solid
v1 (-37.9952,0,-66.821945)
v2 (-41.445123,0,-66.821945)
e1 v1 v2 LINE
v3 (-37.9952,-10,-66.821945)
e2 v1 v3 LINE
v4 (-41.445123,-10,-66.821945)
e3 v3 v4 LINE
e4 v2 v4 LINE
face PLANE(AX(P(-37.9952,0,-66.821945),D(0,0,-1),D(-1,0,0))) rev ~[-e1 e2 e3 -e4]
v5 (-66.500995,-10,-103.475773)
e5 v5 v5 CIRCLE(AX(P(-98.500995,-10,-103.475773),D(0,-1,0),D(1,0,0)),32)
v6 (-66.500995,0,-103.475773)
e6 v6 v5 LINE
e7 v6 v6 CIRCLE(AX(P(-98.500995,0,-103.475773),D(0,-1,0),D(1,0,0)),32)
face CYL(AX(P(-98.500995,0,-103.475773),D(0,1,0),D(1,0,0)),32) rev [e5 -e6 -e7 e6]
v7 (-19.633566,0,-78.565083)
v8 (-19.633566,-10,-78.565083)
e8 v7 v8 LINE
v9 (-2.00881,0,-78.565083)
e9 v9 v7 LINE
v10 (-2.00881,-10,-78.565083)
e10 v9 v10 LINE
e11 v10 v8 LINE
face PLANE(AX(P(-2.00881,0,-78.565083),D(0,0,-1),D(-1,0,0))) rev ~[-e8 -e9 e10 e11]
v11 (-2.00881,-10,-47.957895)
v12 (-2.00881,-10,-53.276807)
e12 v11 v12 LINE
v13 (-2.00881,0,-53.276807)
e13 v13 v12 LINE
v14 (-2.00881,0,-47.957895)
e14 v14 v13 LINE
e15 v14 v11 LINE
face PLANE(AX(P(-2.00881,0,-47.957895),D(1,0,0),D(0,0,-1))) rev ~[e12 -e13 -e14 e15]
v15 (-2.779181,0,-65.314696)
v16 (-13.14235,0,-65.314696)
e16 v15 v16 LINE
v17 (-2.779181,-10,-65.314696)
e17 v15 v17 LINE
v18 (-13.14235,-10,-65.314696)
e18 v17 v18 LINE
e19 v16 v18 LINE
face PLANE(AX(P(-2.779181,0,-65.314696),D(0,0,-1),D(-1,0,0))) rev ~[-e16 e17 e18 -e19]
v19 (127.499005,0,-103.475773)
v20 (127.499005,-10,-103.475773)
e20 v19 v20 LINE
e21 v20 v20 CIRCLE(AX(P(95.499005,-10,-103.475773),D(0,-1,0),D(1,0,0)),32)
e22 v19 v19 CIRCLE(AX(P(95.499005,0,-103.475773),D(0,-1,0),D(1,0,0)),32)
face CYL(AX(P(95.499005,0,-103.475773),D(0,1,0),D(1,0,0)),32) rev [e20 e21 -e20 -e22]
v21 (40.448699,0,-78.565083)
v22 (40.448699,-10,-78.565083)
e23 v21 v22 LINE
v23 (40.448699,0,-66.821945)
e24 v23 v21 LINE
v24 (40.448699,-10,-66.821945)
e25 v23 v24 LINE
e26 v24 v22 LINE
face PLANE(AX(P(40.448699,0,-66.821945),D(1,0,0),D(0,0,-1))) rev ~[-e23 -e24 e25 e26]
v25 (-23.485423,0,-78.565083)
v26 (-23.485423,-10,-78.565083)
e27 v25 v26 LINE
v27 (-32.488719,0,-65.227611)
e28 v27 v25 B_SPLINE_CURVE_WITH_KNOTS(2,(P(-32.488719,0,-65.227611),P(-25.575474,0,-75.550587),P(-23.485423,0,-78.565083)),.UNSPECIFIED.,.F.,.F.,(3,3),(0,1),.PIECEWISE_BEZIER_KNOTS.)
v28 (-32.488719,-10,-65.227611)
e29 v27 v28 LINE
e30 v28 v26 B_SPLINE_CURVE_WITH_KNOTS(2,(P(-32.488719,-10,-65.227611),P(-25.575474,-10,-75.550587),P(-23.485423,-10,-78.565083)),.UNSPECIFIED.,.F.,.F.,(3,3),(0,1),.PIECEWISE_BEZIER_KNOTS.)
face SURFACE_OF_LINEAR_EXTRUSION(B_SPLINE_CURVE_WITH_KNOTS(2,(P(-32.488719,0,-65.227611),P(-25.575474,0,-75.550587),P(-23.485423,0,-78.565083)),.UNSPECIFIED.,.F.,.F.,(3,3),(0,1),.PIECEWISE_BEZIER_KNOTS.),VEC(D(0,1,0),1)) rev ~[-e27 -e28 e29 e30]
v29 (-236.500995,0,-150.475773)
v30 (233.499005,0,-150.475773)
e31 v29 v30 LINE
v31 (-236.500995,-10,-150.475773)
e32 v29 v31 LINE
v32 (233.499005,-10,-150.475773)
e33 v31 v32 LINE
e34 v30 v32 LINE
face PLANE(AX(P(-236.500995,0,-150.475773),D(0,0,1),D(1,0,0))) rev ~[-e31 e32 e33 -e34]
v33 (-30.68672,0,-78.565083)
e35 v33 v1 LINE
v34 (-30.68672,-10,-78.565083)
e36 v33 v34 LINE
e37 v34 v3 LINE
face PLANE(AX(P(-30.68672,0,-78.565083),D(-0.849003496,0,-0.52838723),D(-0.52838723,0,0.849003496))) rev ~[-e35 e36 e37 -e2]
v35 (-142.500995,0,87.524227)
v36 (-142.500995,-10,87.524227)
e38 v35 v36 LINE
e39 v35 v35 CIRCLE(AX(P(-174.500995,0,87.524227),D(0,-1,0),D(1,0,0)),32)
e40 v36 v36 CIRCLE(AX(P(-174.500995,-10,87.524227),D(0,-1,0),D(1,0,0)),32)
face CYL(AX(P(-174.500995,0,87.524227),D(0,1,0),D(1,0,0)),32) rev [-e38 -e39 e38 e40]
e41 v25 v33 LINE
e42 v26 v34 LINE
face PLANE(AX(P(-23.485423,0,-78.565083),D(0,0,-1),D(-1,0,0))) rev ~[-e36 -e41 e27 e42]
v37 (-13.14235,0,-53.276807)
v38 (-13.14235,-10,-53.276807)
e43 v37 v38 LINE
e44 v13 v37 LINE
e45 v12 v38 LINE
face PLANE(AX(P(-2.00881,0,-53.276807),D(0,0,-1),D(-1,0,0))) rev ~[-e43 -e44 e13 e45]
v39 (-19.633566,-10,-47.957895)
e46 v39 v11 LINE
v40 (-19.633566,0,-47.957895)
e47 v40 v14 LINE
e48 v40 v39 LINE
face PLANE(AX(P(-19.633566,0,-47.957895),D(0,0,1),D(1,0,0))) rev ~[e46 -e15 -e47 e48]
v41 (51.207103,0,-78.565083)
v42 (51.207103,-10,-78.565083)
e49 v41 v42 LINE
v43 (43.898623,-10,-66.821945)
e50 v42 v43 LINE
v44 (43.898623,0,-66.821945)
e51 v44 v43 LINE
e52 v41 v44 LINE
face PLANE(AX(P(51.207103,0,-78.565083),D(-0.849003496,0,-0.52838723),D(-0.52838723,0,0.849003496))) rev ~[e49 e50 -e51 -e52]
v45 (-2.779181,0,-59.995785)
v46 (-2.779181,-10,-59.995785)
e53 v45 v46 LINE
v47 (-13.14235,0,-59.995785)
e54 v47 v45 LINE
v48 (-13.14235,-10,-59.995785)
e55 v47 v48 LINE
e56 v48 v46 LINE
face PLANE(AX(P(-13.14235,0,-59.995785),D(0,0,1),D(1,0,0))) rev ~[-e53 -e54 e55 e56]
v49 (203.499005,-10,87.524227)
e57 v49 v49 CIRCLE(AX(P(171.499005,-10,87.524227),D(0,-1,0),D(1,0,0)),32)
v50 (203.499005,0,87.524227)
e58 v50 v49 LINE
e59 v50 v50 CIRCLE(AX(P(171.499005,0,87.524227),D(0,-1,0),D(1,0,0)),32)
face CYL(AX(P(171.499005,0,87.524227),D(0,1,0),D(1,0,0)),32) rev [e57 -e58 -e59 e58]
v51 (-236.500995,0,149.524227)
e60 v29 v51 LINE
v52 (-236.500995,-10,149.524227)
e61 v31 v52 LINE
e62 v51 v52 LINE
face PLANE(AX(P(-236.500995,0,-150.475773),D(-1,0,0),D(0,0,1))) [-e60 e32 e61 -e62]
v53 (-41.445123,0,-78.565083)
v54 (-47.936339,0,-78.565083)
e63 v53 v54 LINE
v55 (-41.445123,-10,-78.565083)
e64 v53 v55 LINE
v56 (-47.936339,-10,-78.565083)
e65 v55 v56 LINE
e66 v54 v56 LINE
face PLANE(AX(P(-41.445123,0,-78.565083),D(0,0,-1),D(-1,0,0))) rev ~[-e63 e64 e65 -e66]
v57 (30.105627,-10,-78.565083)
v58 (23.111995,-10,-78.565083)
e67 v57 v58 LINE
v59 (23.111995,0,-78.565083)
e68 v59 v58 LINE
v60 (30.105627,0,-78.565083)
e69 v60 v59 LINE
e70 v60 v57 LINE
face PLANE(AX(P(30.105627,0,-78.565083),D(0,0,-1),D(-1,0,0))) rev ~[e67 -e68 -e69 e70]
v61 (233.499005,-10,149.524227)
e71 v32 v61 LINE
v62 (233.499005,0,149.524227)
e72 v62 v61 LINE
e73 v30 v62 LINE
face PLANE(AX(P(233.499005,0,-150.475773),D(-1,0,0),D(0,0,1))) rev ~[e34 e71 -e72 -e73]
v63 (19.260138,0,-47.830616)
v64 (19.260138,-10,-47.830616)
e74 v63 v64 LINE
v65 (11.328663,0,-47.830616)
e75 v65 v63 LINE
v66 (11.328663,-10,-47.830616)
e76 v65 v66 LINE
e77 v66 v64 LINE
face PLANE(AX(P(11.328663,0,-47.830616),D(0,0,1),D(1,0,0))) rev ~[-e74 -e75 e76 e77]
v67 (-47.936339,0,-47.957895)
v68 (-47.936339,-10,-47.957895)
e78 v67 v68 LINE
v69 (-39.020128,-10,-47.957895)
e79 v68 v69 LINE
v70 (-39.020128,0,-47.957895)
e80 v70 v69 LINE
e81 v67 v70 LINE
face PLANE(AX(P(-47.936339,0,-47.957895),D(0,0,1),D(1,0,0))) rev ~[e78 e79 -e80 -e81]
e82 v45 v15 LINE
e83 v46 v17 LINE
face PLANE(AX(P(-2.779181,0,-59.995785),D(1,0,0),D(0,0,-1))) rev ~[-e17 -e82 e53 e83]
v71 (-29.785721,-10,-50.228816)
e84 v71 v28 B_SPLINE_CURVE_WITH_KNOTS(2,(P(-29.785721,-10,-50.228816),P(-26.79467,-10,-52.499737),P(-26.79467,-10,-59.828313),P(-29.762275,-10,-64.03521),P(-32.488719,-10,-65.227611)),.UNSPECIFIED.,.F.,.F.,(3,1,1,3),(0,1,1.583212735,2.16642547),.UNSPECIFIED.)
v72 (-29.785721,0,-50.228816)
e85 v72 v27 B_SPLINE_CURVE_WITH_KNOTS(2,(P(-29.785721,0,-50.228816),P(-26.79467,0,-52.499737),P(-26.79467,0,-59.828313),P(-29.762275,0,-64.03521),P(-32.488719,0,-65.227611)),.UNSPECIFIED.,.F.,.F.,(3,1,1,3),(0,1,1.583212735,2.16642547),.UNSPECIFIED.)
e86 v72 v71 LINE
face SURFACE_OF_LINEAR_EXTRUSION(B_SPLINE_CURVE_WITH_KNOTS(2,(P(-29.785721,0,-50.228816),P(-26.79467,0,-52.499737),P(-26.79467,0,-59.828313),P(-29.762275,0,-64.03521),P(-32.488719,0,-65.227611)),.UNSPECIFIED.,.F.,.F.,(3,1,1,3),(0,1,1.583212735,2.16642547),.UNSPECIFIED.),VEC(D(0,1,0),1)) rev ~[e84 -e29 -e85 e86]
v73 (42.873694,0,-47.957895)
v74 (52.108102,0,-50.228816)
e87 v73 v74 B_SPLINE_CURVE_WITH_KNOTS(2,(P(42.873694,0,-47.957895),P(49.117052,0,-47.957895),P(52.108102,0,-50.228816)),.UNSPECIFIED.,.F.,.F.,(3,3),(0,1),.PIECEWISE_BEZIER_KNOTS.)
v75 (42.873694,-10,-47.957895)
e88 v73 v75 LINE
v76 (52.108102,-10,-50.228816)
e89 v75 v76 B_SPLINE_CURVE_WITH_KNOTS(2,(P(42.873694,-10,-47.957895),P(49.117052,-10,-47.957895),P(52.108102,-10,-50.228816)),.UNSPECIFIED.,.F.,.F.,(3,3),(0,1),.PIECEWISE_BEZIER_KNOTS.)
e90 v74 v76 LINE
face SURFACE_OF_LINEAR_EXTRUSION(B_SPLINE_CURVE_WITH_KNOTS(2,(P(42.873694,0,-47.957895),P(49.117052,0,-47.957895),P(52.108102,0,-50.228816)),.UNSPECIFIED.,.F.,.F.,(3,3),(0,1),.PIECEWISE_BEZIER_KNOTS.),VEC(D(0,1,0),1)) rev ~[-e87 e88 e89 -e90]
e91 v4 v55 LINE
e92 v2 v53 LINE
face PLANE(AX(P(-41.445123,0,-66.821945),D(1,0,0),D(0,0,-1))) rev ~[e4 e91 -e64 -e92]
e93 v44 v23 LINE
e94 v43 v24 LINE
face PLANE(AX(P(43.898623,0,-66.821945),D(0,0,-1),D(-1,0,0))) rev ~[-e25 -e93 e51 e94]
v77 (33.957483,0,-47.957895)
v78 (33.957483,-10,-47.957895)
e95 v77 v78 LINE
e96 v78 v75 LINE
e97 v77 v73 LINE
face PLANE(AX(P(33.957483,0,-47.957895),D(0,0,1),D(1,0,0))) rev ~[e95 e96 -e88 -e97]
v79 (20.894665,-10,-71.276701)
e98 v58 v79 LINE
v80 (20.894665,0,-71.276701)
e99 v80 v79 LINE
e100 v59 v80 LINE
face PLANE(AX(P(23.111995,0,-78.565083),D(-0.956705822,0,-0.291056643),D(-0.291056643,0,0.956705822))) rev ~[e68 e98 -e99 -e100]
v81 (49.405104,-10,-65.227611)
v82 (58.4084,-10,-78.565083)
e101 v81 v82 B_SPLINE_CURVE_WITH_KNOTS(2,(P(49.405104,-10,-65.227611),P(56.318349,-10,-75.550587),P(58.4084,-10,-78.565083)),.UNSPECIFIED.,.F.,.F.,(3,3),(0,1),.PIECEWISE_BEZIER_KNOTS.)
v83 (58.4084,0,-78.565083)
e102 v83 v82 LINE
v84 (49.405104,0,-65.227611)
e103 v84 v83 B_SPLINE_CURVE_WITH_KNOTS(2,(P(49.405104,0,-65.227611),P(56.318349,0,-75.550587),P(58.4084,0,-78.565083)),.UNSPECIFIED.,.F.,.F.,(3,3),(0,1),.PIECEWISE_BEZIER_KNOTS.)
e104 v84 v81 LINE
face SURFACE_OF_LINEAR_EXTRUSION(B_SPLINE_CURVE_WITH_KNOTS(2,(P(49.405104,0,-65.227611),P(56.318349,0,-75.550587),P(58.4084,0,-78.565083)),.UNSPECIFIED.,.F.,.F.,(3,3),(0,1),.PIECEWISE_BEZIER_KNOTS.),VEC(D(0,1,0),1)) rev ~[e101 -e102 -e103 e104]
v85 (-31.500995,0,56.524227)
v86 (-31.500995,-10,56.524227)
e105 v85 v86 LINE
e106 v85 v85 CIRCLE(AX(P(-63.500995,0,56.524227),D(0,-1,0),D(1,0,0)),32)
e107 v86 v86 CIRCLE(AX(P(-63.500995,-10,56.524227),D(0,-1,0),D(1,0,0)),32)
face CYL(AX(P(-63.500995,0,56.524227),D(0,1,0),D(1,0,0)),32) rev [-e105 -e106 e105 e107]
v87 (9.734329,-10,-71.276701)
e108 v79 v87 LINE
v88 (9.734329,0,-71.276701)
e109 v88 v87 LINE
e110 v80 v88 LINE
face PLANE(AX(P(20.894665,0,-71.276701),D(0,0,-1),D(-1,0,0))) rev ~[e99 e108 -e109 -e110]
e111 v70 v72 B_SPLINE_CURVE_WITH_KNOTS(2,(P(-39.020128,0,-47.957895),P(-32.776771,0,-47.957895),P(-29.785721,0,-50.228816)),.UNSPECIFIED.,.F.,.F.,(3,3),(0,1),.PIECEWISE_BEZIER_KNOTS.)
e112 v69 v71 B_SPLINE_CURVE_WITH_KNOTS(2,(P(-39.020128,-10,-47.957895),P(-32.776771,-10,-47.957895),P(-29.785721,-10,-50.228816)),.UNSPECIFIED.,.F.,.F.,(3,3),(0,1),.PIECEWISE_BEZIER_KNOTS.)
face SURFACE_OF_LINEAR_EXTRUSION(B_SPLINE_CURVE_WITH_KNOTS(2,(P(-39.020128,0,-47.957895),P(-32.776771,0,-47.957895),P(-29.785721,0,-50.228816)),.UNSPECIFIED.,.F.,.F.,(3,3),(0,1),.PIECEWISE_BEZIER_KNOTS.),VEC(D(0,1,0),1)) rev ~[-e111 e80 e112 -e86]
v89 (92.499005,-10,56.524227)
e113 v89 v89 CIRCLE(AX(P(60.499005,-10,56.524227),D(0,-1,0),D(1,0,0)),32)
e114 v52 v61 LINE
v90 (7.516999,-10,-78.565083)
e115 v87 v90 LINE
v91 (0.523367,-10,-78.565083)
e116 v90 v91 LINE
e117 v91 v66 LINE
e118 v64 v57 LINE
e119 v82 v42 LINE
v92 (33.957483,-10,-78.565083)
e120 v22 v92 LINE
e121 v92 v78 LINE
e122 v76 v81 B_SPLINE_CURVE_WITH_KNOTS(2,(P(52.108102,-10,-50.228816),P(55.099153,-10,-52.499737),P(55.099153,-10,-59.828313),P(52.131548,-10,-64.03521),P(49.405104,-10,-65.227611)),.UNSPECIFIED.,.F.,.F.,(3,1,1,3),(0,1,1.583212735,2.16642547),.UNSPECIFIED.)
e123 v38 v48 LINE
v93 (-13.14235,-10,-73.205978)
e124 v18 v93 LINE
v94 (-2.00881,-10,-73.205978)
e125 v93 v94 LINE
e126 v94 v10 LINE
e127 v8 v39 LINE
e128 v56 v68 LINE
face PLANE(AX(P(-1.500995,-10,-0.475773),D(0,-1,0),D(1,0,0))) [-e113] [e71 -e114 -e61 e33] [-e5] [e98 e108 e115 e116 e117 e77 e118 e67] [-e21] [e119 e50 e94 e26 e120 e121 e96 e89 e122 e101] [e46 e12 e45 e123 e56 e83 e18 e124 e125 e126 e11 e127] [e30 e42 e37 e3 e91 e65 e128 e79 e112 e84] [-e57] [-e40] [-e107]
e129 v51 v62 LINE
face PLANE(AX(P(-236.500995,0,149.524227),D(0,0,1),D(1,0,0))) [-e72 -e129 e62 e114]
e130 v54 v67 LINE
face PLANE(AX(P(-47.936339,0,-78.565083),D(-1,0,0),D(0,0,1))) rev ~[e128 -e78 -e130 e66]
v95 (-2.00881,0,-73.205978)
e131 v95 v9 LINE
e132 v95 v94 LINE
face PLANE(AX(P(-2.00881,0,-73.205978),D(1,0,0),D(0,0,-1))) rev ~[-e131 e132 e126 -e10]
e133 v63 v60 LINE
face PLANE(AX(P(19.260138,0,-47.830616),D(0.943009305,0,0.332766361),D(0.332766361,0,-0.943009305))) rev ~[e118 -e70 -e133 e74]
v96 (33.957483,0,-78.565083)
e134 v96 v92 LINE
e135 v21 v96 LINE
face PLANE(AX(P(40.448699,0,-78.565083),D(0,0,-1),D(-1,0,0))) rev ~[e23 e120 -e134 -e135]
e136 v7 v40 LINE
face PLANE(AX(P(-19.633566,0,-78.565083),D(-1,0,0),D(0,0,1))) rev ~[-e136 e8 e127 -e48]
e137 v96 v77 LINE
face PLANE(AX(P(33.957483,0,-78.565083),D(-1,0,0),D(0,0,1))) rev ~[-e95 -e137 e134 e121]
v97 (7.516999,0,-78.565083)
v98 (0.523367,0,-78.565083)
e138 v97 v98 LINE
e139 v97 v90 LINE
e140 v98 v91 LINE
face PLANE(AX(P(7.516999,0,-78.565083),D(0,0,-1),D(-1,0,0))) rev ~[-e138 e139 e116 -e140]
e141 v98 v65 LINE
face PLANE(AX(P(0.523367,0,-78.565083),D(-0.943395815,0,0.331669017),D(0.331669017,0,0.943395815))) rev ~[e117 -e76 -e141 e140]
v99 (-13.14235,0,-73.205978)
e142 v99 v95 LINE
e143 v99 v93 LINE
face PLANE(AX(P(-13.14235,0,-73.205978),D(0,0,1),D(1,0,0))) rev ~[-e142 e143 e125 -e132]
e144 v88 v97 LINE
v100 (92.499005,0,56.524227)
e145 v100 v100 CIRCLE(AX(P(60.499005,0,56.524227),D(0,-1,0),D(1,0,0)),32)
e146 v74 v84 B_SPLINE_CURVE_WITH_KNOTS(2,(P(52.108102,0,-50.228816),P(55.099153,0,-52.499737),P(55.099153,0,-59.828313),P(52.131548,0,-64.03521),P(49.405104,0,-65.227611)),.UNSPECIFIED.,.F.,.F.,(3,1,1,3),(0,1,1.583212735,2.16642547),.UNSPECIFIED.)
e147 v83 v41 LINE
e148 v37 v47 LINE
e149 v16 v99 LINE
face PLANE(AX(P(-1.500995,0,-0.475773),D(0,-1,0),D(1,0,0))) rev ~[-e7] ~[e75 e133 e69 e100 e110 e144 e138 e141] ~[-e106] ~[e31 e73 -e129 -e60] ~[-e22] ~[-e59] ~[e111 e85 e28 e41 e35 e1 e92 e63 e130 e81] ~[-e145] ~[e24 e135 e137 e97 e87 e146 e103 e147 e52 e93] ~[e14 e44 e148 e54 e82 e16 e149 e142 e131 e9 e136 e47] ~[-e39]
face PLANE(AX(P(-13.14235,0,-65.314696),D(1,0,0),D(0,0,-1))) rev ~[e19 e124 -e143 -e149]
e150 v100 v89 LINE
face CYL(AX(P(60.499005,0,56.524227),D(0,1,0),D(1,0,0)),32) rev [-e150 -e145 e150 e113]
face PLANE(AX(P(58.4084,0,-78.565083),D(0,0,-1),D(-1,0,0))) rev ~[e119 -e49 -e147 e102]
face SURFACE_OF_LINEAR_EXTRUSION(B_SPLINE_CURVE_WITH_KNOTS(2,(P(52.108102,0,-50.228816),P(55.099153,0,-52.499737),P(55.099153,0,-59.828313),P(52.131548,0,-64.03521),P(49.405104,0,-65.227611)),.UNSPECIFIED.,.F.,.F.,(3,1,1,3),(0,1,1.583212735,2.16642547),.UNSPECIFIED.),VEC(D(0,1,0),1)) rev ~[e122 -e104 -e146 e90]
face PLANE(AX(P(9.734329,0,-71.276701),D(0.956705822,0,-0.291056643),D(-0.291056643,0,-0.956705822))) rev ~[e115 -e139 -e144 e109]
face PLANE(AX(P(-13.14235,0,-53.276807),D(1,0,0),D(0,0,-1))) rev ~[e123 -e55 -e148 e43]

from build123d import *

# Parameters (mm, degrees)
F0_W     = 470
F0_H     = 300
F0_R     = 32
F1_DEPTH = 10


with BuildPart() as f1:
    # F0 (on Front) → F1 (new body)
    with BuildSketch(Plane.XZ):
        with Locations((-1.5009945631, -0.4757732153)):
            Rectangle(F0_W, F0_H)
        with Locations((-98.5009945631, -103.4757732153)):
            Circle(F0_R, mode=Mode.SUBTRACT)
        with BuildLine():
            Line((-37.995199567, -66.8219446921), (-41.4451233874, -66.8219446921))
            Line((-41.4451233874, -66.8219446921), (-41.4451233874, -78.5650834441))
            Line((-41.4451233874, -78.5650834441), (-47.9363392749, -78.5650834441))
            Line((-47.9363392749, -78.5650834441), (-47.9363392749, -47.9578952193))
            Line((-47.9363392749, -47.9578952193), (-39.0201283913, -47.9578952193))
            add(Edge.make_bspline(
                [(-39.0201283913, -47.9578952193), (-32.7767711084, -47.9578952193), (-29.7857206505, -50.2288159478)],
                knots=[0, 0, 0, 1, 1, 1], degree=2))
            add(Edge.make_bspline(
                [(-29.7857206505, -50.2288159478), (-26.7946701925, -52.4997366762), (-26.7946701925, -57.1286635887)],
                knots=[0, 0, 0, 1, 1, 1], degree=2))
            add(Edge.make_bspline(
                [(-26.7946701925, -57.1286635887), (-26.7946701925, -59.8283127143), (-28.2784723794, -61.9317614126)],
                knots=[0, 0, 0, 1, 1, 1], degree=2))
            add(Edge.make_bspline(
                [(-28.2784723794, -61.9317614126), (-29.7622745663, -64.0352101109), (-32.4887192166, -65.2276109653)],
                knots=[0, 0, 0, 1, 1, 1], degree=2))
            add(Edge.make_bspline(
                [(-32.4887192166, -65.2276109653), (-25.5754738133, -75.550586902), (-23.4854228774, -78.5650834441)],
                knots=[0, 0, 0, 1, 1, 1], degree=2))
            Line((-23.4854228774, -78.5650834441), (-30.6867201725, -78.5650834441))
            Line((-30.6867201725, -78.5650834441), (-37.995199567, -66.8219446921))
        make_face(mode=Mode.SUBTRACT)
        Polygon((-2.0088097347, -73.2059784803), (-2.0088097347, -78.5650834441), (-19.6335661846, -78.5650834441), (-19.6335661846, -47.9578952193), (-2.0088097347, -47.9578952193), (-2.0088097347, -53.276806896), (-13.1423502971, -53.276806896), (-13.1423502971, -59.9957847444), (-2.7791810733, -59.9957847444), (-2.7791810733, -65.314696421), (-13.1423502971, -65.314696421), (-13.1423502971, -73.2059784803), align=None, mode=Mode.SUBTRACT)
        with Locations((95.4990054369, -103.4757732153)):
            Circle(F0_R, mode=Mode.SUBTRACT)
        Polygon((30.1056267611, -78.5650834441), (23.1119947833, -78.5650834441), (20.8946651045, -71.2767006933), (9.7343290173, -71.2767006933), (7.5169993385, -78.5650834441), (0.5233673607, -78.5650834441), (11.328662744, -47.8306164765), (19.2601380905, -47.8306164765), align=None, mode=Mode.SUBTRACT)
        with BuildLine():
            Line((43.8986231618, -66.8219446921), (40.4486993413, -66.8219446921))
            Line((40.4486993413, -66.8219446921), (40.4486993413, -78.5650834441))
            Line((40.4486993413, -78.5650834441), (33.9574834539, -78.5650834441))
            Line((33.9574834539, -78.5650834441), (33.9574834539, -47.9578952193))
            Line((33.9574834539, -47.9578952193), (42.8736943375, -47.9578952193))
            add(Edge.make_bspline(
                [(42.8736943375, -47.9578952193), (49.1170516204, -47.9578952193), (52.1081020783, -50.2288159478)],
                knots=[0, 0, 0, 1, 1, 1], degree=2))
            add(Edge.make_bspline(
                [(52.1081020783, -50.2288159478), (55.0991525363, -52.4997366762), (55.0991525363, -57.1286635887)],
                knots=[0, 0, 0, 1, 1, 1], degree=2))
            add(Edge.make_bspline(
                [(55.0991525363, -57.1286635887), (55.0991525363, -59.8283127143), (53.6153503494, -61.9317614126)],
                knots=[0, 0, 0, 1, 1, 1], degree=2))
            add(Edge.make_bspline(
                [(53.6153503494, -61.9317614126), (52.1315481625, -64.0352101109), (49.4051035122, -65.2276109653)],
                knots=[0, 0, 0, 1, 1, 1], degree=2))
            add(Edge.make_bspline(
                [(49.4051035122, -65.2276109653), (56.3183489155, -75.550586902), (58.4083998514, -78.5650834441)],
                knots=[0, 0, 0, 1, 1, 1], degree=2))
            Line((58.4083998514, -78.5650834441), (51.2071025563, -78.5650834441))
            Line((51.2071025563, -78.5650834441), (43.8986231618, -66.8219446921))
        make_face(mode=Mode.SUBTRACT)
        with Locations((-63.5009945631, 56.5242267847)):
            Circle(F0_R, mode=Mode.SUBTRACT)
        with Locations((-174.5009945631, 87.5242267847)):
            Circle(F0_R, mode=Mode.SUBTRACT)
        with Locations((60.4990054369, 56.5242267847)):
            Circle(F0_R, mode=Mode.SUBTRACT)
        with Locations((171.4990054369, 87.5242267847)):
            Circle(F0_R, mode=Mode.SUBTRACT)
    extrude(amount=F1_DEPTH)


solid = f1.part
